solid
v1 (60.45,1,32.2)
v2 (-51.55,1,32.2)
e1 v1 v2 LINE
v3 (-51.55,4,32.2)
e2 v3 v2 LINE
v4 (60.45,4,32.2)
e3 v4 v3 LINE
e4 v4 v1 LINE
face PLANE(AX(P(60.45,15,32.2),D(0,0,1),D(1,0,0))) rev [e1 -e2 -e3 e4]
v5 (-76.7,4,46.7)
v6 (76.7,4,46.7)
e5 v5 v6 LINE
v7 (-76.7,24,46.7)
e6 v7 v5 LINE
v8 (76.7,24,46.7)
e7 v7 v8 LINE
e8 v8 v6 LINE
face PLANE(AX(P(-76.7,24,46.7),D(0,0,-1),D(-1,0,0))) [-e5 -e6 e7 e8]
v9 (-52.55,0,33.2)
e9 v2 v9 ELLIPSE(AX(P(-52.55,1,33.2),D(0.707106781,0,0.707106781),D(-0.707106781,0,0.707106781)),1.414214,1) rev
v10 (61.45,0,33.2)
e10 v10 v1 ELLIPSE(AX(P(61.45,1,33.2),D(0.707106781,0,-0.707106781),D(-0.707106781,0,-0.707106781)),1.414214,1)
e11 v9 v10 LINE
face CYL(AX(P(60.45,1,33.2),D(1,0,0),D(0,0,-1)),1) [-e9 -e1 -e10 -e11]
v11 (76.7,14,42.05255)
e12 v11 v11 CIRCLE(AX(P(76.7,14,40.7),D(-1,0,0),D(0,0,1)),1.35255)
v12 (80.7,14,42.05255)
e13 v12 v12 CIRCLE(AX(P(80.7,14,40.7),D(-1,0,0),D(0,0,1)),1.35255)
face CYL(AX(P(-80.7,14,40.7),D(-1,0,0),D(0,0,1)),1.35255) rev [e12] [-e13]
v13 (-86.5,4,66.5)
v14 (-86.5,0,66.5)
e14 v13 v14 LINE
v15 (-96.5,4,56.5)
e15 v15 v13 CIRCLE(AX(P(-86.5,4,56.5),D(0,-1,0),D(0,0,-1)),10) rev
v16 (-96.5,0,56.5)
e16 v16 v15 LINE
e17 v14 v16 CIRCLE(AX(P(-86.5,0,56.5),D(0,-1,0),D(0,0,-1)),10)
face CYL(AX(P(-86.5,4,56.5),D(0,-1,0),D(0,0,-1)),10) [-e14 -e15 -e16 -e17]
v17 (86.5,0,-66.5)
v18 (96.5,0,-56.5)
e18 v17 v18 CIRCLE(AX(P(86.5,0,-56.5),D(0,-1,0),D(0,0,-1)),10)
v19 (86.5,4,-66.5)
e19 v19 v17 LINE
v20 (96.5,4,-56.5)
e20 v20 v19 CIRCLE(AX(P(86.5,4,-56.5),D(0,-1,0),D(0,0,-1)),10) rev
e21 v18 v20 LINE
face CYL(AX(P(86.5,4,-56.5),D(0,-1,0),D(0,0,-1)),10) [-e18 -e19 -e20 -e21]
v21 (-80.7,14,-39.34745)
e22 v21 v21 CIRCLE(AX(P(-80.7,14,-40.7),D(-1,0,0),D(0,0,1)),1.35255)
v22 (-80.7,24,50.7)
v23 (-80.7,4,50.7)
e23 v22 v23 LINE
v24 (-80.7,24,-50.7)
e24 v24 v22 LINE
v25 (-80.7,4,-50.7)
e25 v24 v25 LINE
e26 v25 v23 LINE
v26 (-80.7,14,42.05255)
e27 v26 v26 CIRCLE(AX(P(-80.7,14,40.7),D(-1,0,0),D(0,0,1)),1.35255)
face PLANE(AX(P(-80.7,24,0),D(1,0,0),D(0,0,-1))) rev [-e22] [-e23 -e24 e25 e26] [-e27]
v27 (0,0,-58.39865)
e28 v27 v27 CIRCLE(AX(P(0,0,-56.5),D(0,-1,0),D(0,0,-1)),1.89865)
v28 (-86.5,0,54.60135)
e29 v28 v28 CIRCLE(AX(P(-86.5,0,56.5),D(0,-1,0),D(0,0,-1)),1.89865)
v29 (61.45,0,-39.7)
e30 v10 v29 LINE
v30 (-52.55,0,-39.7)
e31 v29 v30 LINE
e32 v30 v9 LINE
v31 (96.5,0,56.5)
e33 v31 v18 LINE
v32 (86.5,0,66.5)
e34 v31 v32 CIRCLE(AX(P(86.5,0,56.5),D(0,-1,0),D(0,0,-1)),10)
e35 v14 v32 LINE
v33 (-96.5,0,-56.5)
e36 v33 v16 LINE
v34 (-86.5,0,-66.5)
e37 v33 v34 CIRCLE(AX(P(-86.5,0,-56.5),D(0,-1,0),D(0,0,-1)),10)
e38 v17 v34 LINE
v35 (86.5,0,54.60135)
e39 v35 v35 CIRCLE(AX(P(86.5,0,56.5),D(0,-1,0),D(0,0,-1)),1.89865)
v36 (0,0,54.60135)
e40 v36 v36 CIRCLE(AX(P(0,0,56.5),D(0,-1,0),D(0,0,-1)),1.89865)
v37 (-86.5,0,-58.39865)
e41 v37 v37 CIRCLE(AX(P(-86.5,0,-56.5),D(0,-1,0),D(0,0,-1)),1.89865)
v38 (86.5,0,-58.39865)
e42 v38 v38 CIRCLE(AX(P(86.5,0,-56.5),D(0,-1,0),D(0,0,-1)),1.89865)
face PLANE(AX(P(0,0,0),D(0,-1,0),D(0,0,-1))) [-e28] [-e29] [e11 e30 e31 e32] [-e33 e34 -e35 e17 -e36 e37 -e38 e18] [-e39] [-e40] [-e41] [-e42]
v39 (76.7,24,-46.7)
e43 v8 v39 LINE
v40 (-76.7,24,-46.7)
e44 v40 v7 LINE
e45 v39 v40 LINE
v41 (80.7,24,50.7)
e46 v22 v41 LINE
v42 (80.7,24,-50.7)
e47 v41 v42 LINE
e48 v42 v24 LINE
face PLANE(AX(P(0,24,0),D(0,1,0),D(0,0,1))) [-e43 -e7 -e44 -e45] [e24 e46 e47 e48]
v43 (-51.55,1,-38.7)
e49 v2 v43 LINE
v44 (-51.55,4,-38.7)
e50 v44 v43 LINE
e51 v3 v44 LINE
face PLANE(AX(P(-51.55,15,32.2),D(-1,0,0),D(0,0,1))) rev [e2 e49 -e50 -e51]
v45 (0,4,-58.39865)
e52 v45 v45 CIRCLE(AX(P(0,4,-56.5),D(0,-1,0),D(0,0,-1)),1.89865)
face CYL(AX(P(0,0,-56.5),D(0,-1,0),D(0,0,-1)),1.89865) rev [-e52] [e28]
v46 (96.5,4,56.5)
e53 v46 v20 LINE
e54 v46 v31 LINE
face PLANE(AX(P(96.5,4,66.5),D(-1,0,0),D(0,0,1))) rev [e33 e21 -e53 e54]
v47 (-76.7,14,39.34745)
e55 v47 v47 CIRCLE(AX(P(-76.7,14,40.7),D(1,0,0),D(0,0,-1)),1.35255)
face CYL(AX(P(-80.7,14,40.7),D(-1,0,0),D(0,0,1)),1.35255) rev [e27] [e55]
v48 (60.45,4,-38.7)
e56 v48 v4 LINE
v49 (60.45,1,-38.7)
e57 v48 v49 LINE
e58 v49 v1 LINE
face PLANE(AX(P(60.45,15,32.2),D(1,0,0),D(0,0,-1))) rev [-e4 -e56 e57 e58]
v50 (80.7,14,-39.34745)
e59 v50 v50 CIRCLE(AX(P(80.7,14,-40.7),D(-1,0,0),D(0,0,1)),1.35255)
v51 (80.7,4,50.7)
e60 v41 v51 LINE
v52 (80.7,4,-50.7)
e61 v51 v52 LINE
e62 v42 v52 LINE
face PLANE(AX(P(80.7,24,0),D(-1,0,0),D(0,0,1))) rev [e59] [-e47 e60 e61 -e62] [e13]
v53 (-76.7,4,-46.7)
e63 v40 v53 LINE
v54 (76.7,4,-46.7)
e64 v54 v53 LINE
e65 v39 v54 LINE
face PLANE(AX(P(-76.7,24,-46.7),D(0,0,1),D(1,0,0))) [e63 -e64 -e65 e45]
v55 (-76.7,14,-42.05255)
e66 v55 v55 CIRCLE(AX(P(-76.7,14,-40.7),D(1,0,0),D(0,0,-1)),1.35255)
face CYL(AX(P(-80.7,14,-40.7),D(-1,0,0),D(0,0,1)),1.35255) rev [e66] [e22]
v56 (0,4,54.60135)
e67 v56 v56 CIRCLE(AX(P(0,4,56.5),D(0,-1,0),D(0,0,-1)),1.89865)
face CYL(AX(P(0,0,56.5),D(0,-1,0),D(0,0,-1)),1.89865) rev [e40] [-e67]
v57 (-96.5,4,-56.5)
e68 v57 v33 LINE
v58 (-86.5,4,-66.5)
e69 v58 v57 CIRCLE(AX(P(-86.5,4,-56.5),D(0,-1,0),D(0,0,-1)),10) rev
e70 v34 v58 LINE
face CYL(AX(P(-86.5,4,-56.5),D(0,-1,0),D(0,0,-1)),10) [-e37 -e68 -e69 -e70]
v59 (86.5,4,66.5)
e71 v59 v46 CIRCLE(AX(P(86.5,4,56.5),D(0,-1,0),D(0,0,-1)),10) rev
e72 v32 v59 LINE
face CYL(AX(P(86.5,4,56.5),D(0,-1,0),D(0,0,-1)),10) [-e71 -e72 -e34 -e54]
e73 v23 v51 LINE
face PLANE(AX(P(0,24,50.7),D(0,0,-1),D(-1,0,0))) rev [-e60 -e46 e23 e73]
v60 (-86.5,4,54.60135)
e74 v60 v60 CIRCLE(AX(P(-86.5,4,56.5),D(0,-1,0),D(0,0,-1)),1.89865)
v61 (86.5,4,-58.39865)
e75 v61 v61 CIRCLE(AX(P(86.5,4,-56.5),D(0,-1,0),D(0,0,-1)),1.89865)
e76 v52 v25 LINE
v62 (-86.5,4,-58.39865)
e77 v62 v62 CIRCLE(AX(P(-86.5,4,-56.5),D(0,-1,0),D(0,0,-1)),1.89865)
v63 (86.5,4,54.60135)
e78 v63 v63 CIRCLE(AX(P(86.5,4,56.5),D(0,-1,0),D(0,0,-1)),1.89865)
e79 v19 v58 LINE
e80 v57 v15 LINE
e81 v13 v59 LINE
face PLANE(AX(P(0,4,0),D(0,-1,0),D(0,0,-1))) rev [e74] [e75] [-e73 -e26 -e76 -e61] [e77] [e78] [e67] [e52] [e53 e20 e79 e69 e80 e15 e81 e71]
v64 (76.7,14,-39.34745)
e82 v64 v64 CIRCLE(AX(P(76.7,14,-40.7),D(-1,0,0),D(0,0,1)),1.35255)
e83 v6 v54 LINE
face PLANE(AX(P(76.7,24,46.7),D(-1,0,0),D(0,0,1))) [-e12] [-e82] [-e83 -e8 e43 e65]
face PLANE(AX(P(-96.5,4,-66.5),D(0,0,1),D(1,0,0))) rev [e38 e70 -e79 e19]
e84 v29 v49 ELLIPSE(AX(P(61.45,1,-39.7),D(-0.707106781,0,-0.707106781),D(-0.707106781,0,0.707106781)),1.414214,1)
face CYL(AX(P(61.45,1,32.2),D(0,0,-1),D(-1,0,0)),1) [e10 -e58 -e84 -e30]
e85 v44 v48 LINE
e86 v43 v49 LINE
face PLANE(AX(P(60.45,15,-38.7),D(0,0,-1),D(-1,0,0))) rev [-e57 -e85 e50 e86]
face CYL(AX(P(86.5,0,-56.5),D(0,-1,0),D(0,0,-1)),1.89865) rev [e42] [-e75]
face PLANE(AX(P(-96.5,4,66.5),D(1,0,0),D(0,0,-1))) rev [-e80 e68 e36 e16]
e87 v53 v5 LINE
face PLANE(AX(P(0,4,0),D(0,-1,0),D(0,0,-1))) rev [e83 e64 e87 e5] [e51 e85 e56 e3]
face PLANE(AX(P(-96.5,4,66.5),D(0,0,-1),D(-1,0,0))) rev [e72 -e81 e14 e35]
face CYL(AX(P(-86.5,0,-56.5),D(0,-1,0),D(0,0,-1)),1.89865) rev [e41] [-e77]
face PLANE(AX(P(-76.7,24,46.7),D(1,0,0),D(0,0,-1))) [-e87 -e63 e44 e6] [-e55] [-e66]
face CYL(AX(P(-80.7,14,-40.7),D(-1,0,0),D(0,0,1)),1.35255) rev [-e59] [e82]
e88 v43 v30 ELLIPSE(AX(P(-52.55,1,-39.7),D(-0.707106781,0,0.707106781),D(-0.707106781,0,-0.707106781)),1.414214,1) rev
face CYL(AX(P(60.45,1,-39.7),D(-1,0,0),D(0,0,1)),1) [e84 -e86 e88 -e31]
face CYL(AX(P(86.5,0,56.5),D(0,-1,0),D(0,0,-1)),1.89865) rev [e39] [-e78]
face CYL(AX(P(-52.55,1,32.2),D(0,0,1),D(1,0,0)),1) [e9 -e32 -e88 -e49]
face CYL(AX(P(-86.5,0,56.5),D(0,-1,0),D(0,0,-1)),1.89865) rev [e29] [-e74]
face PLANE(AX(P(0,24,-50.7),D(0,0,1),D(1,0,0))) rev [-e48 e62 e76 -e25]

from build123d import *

# Parameters (mm, degrees)
SKETCH1_W                    = 193
SKETCH1_H                    = 133
BOSS_EXTRUDE1_DEPTH          = 4
SKETCH2_W                    = 161.4
SKETCH2_H                    = 101.4
SKETCH2_W_2                  = 153.4
SKETCH2_H_2                  = 93.4
EXTRUDE_THIN1_DEPTH          = 20
SKETCH3_W                    = 112
SKETCH3_H                    = 70.9
CUT_EXTRUDE3_DEPTH           = 15
FILLET1_R                    = 1
F_25_0_1495_DIAMETER_HOLE2_D = 3.7973
FILLET3_R                    = 10
TAP_DRILL_FOR_6_32_TAP1_D    = 2.7051


with BuildPart() as part:
    # Sketch1 → Boss-Extrude1 (new body)
    with BuildSketch(Plane(origin=(0, 0, 0), x_dir=(1, 0, 0), z_dir=(0, 1, 0))):
        Rectangle(SKETCH1_W, SKETCH1_H)
    extrude(amount=BOSS_EXTRUDE1_DEPTH)

    # Sketch2 → Extrude-Thin1 (add)
    with BuildSketch(Plane(origin=(0, 4, 0), x_dir=(1, 0, 0), z_dir=(0, 1, 0))):
        Rectangle(SKETCH2_W, SKETCH2_H)
        Rectangle(SKETCH2_W_2, SKETCH2_H_2, mode=Mode.SUBTRACT)
    extrude(amount=EXTRUDE_THIN1_DEPTH)

    # Sketch3 → Cut-Extrude3 (cut)
    with BuildSketch(Plane.XZ):
        with Locations((4.45, -3.25)):
            Rectangle(SKETCH3_W, SKETCH3_H)
    extrude(amount=-CUT_EXTRUDE3_DEPTH, mode=Mode.SUBTRACT)

    # Fillet1
    fillet1_edges = [part.edges().sort_by_distance(p)[0] for p in [
        (60.45, 0, -3.25),
        (4.45, 0, 32.2),
        (-51.55, 0, -3.25),
        (4.45, 0, -38.7),
    ]]
    fillet(fillet1_edges, radius=FILLET1_R)

    # #25 (0.1495) Diameter Hole2 (through all)
    with Locations(Plane(origin=(0, 0, 0), x_dir=(-1, 0, 0), z_dir=(0, -1, 0))):
        with Locations((86.5, -56.5), (86.5, 56.5), (-86.5, 56.5), (-86.5, -56.5), (0, -56.5), (0, 56.5)):
            Hole(F_25_0_1495_DIAMETER_HOLE2_D / 2)

    # Fillet3
    fillet3_edges = [part.edges().sort_by_distance(p)[0] for p in [
        (96.5, 2, 66.5),
        (-96.5, 2, 66.5),
        (-96.5, 2, -66.5),
        (96.5, 2, -66.5),
    ]]
    fillet(fillet3_edges, radius=FILLET3_R)

    # Tap Drill for #6-32 Tap1 (through all)
    with Locations(Plane.ZY.offset(80.7)):
        with Locations((-40.7, 14), (40.7, 14)):
            Hole(TAP_DRILL_FOR_6_32_TAP1_D / 2)


solid = part.part
